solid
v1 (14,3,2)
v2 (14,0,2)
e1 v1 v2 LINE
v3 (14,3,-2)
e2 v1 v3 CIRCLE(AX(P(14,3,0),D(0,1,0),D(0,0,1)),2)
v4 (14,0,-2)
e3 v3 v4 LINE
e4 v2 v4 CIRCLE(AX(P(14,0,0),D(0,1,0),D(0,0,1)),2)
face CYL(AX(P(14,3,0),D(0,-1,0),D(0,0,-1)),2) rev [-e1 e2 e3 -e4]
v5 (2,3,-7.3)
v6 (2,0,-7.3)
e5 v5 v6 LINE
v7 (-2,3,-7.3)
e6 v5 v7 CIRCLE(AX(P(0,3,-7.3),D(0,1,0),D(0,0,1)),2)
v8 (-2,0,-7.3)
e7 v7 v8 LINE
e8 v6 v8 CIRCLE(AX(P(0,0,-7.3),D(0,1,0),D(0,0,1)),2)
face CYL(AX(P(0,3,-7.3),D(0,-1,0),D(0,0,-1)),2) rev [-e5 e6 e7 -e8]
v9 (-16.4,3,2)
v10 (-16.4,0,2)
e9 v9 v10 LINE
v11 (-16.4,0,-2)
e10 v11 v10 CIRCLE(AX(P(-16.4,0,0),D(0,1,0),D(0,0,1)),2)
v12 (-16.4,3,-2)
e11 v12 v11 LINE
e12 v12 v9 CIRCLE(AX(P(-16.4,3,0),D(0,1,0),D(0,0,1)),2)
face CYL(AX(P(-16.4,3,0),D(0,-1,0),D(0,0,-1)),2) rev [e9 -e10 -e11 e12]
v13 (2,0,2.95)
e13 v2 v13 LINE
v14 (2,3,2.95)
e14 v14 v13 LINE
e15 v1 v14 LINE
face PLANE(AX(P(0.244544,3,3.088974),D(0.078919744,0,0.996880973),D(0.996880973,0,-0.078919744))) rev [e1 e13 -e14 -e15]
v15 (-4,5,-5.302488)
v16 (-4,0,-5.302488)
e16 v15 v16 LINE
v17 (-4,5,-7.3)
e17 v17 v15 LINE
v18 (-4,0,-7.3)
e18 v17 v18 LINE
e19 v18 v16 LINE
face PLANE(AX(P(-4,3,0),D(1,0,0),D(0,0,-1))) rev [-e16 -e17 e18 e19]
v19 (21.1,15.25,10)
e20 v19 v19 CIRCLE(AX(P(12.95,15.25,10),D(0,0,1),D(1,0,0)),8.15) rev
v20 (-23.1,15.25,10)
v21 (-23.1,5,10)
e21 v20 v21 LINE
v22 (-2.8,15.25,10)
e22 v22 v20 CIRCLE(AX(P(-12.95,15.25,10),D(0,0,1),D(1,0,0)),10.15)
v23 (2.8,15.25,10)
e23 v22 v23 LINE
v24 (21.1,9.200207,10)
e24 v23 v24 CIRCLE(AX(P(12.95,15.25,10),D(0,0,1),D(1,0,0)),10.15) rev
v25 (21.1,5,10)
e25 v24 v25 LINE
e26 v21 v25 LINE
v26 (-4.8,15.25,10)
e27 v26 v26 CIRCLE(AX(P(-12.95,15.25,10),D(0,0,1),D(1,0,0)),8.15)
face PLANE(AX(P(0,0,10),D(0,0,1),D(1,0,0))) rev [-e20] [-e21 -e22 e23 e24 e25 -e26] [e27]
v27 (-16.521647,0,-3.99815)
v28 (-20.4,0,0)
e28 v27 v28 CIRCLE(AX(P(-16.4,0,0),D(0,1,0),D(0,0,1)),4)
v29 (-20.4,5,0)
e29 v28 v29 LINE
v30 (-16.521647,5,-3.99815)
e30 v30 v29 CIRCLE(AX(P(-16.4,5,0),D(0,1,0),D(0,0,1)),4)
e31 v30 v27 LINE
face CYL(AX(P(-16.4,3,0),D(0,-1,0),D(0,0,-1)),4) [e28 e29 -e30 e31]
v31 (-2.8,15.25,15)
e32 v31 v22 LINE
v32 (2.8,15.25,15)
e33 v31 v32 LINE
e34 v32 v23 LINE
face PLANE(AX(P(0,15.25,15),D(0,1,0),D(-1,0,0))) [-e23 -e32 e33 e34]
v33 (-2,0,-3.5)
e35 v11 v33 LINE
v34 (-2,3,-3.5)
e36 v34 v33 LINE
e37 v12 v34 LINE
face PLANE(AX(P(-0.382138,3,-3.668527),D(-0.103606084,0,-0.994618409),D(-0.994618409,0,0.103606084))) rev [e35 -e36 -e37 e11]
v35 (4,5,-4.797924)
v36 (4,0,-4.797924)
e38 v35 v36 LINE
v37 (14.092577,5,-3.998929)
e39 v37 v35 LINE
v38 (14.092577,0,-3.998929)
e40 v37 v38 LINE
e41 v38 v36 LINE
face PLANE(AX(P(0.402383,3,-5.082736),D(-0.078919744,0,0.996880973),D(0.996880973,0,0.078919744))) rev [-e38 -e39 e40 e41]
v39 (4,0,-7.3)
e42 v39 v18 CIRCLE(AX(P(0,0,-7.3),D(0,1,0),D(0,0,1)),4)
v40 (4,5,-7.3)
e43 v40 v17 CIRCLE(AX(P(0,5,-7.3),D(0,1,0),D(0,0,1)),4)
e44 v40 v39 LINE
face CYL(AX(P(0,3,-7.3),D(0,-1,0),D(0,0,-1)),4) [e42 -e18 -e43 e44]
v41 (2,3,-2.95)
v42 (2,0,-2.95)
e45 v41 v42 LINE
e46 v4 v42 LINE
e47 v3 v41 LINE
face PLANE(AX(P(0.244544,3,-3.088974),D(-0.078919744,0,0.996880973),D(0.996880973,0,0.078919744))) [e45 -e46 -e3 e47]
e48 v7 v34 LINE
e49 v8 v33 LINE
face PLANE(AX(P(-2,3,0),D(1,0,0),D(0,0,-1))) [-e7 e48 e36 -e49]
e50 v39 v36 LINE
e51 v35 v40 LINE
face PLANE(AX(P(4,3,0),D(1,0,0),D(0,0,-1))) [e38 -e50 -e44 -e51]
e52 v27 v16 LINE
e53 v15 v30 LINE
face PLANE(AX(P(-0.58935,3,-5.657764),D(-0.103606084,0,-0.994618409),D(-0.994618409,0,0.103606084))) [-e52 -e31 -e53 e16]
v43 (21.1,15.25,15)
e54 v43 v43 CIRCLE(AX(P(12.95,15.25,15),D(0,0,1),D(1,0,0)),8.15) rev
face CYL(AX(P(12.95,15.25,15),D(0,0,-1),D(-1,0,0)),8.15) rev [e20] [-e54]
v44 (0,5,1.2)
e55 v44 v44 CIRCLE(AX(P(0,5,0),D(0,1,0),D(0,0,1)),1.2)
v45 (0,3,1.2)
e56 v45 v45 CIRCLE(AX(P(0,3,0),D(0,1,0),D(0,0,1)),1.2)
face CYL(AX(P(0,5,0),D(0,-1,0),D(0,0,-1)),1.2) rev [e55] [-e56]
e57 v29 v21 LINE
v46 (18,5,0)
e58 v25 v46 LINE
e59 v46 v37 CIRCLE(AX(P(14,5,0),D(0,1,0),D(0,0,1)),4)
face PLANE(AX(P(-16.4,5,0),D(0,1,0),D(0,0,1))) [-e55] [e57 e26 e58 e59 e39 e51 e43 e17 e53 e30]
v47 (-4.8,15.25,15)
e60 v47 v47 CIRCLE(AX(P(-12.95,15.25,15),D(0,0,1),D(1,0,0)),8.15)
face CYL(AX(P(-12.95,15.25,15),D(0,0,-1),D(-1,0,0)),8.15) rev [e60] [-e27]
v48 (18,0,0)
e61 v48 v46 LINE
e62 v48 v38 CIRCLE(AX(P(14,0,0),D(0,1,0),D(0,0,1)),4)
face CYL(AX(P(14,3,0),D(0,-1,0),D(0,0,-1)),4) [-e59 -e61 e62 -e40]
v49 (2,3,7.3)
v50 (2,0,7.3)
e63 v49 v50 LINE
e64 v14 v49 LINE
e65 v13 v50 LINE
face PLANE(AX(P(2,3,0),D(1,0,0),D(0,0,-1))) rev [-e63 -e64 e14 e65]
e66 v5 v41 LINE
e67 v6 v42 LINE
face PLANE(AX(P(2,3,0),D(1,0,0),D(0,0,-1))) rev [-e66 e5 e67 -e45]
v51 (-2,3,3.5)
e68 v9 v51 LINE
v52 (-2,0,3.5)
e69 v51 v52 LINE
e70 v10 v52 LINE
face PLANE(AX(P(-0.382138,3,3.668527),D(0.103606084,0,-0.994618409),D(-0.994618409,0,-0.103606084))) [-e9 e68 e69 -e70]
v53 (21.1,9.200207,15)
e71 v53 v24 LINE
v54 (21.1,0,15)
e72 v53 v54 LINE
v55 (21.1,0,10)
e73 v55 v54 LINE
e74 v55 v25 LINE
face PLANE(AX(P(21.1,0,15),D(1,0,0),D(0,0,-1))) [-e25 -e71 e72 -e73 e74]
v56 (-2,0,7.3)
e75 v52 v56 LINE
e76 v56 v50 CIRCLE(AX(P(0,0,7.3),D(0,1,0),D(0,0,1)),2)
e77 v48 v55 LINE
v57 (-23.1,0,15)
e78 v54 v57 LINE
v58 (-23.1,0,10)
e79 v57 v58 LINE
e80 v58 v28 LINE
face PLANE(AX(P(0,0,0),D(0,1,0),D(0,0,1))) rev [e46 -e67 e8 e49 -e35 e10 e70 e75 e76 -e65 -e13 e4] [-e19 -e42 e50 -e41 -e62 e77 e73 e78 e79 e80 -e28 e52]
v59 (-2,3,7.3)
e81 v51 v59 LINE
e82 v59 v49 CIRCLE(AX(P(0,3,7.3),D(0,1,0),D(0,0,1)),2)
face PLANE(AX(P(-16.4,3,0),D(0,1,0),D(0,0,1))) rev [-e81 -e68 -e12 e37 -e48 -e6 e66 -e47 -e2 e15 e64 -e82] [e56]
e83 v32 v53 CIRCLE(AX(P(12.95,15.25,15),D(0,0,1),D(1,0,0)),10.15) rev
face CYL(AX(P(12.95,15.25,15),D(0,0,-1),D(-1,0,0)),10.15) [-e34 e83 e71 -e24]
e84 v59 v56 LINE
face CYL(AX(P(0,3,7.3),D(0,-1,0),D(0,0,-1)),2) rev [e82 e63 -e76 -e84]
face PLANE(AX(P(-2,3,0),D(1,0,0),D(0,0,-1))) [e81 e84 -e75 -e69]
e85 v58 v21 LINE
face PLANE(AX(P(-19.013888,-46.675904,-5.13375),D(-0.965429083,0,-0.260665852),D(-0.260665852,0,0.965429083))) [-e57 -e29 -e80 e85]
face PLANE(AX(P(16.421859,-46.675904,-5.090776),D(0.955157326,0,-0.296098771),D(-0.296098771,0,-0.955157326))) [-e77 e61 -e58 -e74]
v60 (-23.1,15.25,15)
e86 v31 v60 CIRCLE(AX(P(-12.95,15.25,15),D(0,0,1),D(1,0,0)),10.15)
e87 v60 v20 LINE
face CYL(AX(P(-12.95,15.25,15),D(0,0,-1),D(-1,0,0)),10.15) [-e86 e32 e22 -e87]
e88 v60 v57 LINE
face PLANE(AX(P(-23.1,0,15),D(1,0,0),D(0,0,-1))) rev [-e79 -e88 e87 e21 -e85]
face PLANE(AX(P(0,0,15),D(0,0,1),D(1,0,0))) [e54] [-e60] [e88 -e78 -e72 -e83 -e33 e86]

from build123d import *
from build123d.topology import SkipClean

# Parameters (mm, degrees)
BOSS_EXTRUDE1_DEPTH = 3
SKETCH3_R           = 1.2
BOSS_EXTRUDE2_DEPTH = 2
SKETCH6_R           = 8.15
BOSS_EXTRUDE4_DEPTH = 5
BOSS_EXTRUDE5_START = -5
BOSS_EXTRUDE5_DEPTH = 5


with BuildPart() as part:
    # Sketch2 → Boss-Extrude1 (new body)
    with BuildSketch(Plane(origin=(0, 0, 0), x_dir=(1, 0, 0), z_dir=(0, 1, 0))):
        with BuildLine():
            Line((4, -7.3), (4, -4.797924238))
            Line((4, -4.797924238), (14.092577275, -3.998928538))
            ThreePointArc((14.092577275, -3.998928538), (18, 0), (14.092577275, 3.998928538))
            Line((14.092577275, 3.998928538), (4, 4.797924238))
            Line((4, 4.797924238), (4, 7.3))
            ThreePointArc((4, 7.3), (0, 11.3), (-4, 7.3))
            Line((-4, 7.3), (-4, 5.302488085))
            Line((-4, 5.302488085), (-16.521647449, 3.998149809))
            ThreePointArc((-16.521647449, 3.998149809), (-20.4, 0), (-16.521647449, -3.998149809))
            Line((-16.521647449, -3.998149809), (-4, -5.302488085))
            Line((-4, -5.302488085), (-4, -7.3))
            ThreePointArc((-4, -7.3), (0, -11.3), (4, -7.3))
        make_face()
        with BuildLine():
            ThreePointArc((-16.4, -2), (-18.4, 0), (-16.4, 2))
            Line((-16.4, 2), (-2, 3.5))
            Line((-2, 3.5), (-2, 7.3))
            ThreePointArc((-2, 7.3), (0, 9.3), (2, 7.3))
            Line((2, 7.3), (2, 2.95))
            Line((2, 2.95), (14, 2))
            ThreePointArc((14, 2), (16, 0), (14, -2))
            Line((14, -2), (2, -2.95))
            Line((2, -2.95), (2, -7.3))
            ThreePointArc((2, -7.3), (0, -9.3), (-2, -7.3))
            Line((-2, -7.3), (-2, -3.5))
            Line((-2, -3.5), (-16.4, -2))
        make_face(mode=Mode.SUBTRACT)
    extrude(amount=BOSS_EXTRUDE1_DEPTH)

    # Sketch3 → Boss-Extrude2 (add)
    with BuildSketch(Plane(origin=(0, 3, 0), x_dir=(1, 0, 0), z_dir=(0, 1, 0))):
        with BuildLine():
            Line((-4, 5.302488085), (-16.521647449, 3.998149809))
            ThreePointArc((-16.521647449, 3.998149809), (-20.4, 0), (-16.521647449, -3.998149809))
            Line((-16.521647449, -3.998149809), (-4, -5.302488085))
            Line((-4, -5.302488085), (-4, -7.3))
            ThreePointArc((-4, -7.3), (0, -11.3), (4, -7.3))
            Line((4, -7.3), (4, -4.797924238))
            Line((4, -4.797924238), (14.092577275, -3.998928538))
            ThreePointArc((14.092577275, -3.998928538), (18, 0), (14.092577275, 3.998928538))
            Line((14.092577275, 3.998928538), (4, 4.797924238))
            Line((4, 4.797924238), (4, 7.3))
            ThreePointArc((4, 7.3), (0, 11.3), (-4, 7.3))
            Line((-4, 7.3), (-4, 5.302488085))
        make_face()
        with Locations(Location((0, 0, 0), (0, 0, 270))):
            Circle(SKETCH3_R, mode=Mode.SUBTRACT)
    extrude(amount=BOSS_EXTRUDE2_DEPTH)

    # Sketch6 → Boss-Extrude4 (add)
    with BuildSketch(Plane.XY.offset(10)):
        with BuildLine():
            Line((21.1, 5), (21.1, 9.200206615))
            ThreePointArc((21.1, 9.200206615), (16.135906464, 24.887037927), (2.8, 15.25))
            Line((2.8, 15.25), (-2.8, 15.25))
            ThreePointArc((-2.8, 15.25), (-12.95, 25.4), (-23.1, 15.25))
            Line((-23.1, 15.25), (-23.1, 5))
            Line((-23.1, 5), (21.1, 5))
        make_face()
        with Locations((-12.95, 15.25)):
            Circle(SKETCH6_R, mode=Mode.SUBTRACT)
        with Locations((12.95, 15.25)):
            Circle(SKETCH6_R, mode=Mode.SUBTRACT)
    extrude(amount=BOSS_EXTRUDE4_DEPTH)

    # Sketch8 → Boss-Extrude5 (add)
    with SkipClean():  # the faces are left unmerged after this step: merging them gives an invalid solid
        with BuildSketch(Plane(origin=(0, 5, 0), x_dir=(1, 0, 0), z_dir=(0, 1, 0)).offset(BOSS_EXTRUDE5_START)):
            with BuildLine():
                ThreePointArc((-16.521647449, -3.998149809), (-19.271113878, -2.785086193), (-20.4, 0))
                Line((-20.4, 0), (-23.1, -10))
                Line((-23.1, -10), (-2.951270913, -10))
                ThreePointArc((-2.951270913, -10), (-3.728611246, -8.748260396), (-4, -7.3))
                Line((-4, -7.3), (-4, -5.302488085))
                Line((-4, -5.302488085), (-16.521647449, -3.998149809))
            make_face()
            with BuildLine():
                ThreePointArc((4, -7.3), (3.728611246, -8.748260396), (2.951270913, -10))
                Line((2.951270913, -10), (21.1, -10))
                Line((21.1, -10), (18, 0))
                ThreePointArc((18, 0), (16.860970911, -2.795504507), (14.092577275, -3.998928538))
                Line((14.092577275, -3.998928538), (4, -4.797924238))
                Line((4, -4.797924238), (4, -7.3))
            make_face()
            with BuildLine():
                ThreePointArc((-2.951270913, -10), (0, -11.3), (2.951270913, -10))
                Line((2.951270913, -10), (21.1, -10))
                Line((21.1, -10), (21.1, -15))
                Line((21.1, -15), (-23.1, -15))
                Line((-23.1, -15), (-23.1, -10))
                Line((-23.1, -10), (-2.951270913, -10))
            make_face()
        extrude(amount=BOSS_EXTRUDE5_DEPTH)


solid = part.part
